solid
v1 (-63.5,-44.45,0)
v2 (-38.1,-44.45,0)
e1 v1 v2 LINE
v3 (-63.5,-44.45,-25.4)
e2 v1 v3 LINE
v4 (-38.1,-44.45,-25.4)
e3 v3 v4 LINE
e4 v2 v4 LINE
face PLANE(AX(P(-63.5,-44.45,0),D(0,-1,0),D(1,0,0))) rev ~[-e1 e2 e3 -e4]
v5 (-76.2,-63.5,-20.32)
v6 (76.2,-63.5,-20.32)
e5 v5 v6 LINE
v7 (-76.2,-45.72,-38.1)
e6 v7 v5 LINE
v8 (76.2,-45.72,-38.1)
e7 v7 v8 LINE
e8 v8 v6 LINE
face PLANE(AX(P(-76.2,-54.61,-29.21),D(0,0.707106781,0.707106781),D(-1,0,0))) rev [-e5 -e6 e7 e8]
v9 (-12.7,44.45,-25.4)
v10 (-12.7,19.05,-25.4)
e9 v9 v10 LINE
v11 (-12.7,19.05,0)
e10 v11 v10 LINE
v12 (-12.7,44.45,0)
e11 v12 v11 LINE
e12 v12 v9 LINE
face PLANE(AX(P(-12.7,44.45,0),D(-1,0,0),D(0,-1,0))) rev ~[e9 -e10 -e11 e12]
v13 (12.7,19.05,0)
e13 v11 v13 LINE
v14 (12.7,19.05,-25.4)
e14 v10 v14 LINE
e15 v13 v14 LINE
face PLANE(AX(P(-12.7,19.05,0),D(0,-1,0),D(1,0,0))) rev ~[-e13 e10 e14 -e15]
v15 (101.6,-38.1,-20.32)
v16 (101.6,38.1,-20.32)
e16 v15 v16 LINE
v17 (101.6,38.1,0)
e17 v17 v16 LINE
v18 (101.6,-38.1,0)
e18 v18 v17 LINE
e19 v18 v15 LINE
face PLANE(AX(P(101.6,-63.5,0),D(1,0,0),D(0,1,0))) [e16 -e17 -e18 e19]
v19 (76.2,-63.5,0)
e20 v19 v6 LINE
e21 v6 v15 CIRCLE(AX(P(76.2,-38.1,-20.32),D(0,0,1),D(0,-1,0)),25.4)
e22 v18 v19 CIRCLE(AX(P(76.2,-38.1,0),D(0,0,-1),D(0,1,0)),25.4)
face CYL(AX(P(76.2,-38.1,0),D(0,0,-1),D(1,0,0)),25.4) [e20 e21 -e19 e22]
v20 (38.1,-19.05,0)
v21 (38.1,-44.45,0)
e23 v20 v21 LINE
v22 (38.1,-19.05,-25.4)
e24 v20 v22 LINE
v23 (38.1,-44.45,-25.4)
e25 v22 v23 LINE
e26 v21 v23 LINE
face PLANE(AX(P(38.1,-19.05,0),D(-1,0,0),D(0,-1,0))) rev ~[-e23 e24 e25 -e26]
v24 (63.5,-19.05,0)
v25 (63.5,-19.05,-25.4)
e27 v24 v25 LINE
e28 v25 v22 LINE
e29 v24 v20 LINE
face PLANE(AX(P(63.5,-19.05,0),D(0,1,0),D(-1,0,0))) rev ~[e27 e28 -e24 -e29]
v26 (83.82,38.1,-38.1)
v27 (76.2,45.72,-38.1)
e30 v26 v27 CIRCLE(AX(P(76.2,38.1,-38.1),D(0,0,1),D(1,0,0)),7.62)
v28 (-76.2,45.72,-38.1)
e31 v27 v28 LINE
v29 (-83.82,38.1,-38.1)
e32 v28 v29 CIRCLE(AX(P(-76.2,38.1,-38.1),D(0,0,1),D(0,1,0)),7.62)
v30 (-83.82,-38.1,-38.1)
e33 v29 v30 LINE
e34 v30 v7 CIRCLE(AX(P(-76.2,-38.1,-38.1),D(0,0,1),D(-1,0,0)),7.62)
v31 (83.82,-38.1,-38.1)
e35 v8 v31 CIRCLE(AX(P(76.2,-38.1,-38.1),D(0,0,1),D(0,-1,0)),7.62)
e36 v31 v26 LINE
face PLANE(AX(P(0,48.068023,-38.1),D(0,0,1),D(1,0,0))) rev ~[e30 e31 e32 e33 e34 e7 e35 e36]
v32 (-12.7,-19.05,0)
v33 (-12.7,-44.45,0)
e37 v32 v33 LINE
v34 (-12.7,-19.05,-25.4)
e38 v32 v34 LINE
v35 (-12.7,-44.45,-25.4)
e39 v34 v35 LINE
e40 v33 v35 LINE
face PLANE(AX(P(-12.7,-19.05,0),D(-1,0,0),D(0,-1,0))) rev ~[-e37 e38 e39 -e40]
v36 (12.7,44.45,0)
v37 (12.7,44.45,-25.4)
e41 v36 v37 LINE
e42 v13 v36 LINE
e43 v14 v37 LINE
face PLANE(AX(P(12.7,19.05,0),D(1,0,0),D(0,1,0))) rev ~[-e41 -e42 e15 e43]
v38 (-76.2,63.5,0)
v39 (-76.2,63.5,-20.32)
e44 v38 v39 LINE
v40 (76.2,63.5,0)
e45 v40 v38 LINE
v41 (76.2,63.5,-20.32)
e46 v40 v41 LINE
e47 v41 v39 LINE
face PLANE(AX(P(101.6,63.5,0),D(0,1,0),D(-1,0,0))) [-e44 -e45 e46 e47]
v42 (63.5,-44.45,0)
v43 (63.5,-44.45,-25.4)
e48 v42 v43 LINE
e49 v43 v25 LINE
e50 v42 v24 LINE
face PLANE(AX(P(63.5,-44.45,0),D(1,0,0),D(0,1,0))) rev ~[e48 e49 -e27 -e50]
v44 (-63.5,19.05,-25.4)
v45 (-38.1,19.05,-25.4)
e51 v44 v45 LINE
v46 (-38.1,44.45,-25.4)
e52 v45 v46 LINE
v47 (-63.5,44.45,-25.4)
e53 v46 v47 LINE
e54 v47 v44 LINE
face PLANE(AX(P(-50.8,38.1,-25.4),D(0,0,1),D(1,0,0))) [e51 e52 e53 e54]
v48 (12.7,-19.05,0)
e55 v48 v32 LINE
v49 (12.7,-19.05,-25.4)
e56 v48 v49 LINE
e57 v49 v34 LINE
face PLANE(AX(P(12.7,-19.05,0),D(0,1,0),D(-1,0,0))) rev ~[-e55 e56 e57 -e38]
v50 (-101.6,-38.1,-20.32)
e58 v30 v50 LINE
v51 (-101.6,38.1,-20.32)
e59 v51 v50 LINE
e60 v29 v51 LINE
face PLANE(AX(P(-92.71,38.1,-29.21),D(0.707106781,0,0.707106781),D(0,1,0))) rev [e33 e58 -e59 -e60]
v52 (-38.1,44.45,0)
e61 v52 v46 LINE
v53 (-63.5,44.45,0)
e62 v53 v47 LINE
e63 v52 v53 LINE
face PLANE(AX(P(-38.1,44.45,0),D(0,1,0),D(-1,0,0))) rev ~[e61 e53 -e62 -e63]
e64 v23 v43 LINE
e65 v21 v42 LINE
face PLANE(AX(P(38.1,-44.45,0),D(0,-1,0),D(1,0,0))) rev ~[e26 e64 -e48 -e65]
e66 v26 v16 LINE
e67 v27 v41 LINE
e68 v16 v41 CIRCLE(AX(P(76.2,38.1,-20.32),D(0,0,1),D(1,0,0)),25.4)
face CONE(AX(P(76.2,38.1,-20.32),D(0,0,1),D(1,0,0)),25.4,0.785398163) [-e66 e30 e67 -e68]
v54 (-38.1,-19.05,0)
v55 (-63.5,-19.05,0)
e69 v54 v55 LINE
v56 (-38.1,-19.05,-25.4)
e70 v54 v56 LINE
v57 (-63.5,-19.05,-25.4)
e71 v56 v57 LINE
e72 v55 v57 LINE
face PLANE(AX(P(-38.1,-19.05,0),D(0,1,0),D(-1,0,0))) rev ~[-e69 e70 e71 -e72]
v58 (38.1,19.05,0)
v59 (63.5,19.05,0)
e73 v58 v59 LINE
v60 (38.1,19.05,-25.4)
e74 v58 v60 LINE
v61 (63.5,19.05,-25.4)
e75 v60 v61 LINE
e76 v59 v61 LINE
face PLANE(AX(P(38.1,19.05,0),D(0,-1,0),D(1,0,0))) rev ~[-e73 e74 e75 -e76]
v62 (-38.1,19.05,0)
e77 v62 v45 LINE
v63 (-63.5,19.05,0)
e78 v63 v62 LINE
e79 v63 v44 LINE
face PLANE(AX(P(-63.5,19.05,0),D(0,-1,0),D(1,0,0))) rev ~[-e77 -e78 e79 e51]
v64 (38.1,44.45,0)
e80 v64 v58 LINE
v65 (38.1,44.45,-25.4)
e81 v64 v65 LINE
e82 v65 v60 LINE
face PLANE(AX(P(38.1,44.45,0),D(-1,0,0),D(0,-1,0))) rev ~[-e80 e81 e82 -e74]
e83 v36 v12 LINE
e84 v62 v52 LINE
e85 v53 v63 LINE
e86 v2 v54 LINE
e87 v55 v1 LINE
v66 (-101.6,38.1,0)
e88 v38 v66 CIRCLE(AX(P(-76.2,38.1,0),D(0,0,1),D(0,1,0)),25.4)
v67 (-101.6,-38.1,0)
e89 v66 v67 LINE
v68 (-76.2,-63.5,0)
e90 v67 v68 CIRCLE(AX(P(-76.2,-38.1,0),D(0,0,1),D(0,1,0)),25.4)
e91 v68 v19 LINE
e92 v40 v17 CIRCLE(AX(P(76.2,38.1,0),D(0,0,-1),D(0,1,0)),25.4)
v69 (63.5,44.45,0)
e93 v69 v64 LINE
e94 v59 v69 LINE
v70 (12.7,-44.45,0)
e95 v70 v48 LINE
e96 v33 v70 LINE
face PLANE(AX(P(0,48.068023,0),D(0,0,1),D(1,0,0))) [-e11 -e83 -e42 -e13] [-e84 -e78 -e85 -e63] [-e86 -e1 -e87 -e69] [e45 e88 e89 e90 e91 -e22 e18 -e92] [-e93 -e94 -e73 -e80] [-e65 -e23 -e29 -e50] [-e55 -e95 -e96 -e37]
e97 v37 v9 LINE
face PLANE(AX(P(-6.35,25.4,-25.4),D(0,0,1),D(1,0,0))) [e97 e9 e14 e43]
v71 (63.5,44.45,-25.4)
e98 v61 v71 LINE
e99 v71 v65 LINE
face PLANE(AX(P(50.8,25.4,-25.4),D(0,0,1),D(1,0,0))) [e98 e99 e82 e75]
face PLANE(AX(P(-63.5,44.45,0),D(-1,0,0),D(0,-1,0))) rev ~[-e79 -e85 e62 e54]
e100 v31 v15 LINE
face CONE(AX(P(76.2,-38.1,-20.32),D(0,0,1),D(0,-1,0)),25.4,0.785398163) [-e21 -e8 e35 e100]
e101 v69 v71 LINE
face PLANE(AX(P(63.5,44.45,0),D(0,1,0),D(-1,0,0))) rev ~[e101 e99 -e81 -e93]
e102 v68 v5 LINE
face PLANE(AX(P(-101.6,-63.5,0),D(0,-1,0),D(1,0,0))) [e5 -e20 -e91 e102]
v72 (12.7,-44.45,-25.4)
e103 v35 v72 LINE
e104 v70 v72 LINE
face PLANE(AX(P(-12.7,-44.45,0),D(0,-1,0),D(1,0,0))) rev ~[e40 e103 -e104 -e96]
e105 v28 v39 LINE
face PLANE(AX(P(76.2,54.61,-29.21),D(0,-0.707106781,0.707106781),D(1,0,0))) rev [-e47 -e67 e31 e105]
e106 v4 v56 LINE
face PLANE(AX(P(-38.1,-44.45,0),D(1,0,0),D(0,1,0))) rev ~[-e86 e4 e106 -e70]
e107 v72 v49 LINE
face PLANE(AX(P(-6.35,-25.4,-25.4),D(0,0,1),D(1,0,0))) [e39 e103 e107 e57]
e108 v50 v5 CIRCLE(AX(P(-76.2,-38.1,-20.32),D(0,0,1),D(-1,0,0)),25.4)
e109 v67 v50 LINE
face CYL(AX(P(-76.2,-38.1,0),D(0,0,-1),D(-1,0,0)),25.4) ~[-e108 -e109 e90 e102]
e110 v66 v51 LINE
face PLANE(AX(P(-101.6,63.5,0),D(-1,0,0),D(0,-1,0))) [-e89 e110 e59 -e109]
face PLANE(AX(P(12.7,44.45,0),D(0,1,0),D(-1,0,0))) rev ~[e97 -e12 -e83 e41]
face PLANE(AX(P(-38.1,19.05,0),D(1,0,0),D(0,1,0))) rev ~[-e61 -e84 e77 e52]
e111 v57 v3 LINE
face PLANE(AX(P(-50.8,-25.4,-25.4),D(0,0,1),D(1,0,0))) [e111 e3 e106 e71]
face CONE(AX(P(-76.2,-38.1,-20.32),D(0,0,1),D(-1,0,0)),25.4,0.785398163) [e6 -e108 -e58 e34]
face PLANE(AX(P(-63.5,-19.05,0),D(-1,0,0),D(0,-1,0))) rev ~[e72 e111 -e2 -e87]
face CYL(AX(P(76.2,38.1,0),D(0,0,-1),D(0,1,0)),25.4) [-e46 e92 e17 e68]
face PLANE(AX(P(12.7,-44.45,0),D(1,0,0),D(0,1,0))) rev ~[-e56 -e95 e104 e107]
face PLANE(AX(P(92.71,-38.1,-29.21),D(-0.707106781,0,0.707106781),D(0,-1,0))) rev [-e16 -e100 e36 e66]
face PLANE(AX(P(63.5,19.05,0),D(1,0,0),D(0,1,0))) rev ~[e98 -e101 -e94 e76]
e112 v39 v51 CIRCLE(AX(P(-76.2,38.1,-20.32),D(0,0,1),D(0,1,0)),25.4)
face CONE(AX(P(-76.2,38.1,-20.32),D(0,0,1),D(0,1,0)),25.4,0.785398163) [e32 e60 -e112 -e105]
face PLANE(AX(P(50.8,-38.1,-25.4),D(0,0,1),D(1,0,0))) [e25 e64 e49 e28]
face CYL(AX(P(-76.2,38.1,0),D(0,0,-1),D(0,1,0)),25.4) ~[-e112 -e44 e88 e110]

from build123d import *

# Parameters (mm, degrees)
F0_W     = 12.7
F0_H     = 12.7
F1_DEPTH = 38.1
F2_DEPTH = 25.4
F3_R     = 25.4
F4_SIZE  = 17.78


with BuildPart() as f1:
    # F0 (on Top) → F1 (new body)
    with BuildSketch(Plane.XY):
        Polygon((101.6, 63.5), (-101.6, 63.5), (-101.6, 31.75), (-63.5, 31.75), (-63.5, 44.45), (-38.1, 44.45), (-38.1, 31.75), (-12.7, 31.75), (-12.7, 44.45), (12.7, 44.45), (12.7, 31.75), (38.1, 31.75), (38.1, 44.45), (63.5, 44.45), (63.5, 31.75), (101.6, 31.75), align=None)
        Polygon((-63.5, 31.75), (-101.6, 31.75), (-101.6, -31.75), (-63.5, -31.75), (-63.5, -19.05), (-38.1, -19.05), (-38.1, -31.75), (-12.7, -31.75), (-12.7, -19.05), (0, -19.05), (0, 0), (0, 19.05), (-12.7, 19.05), (-12.7, 31.75), (-38.1, 31.75), (-38.1, 19.05), (-63.5, 19.05), align=None)
        Polygon((101.6, -31.75), (101.6, 31.75), (63.5, 31.75), (63.5, 19.05), (38.1, 19.05), (38.1, 31.75), (12.7, 31.75), (12.7, 19.05), (0, 19.05), (0, 0), (0, -19.05), (12.7, -19.05), (12.7, -31.75), (38.1, -31.75), (38.1, -19.05), (63.5, -19.05), (63.5, -31.75), align=None)
        Polygon((-63.5, -31.75), (-101.6, -31.75), (-101.6, -63.5), (101.6, -63.5), (101.6, -31.75), (63.5, -31.75), (63.5, -44.45), (38.1, -44.45), (38.1, -31.75), (12.7, -31.75), (12.7, -44.45), (-12.7, -44.45), (-12.7, -31.75), (-38.1, -31.75), (-38.1, -44.45), (-63.5, -44.45), align=None)
        Polygon((-50.8, 31.75), (-63.5, 31.75), (-63.5, 19.05), (-38.1, 19.05), (-38.1, 31.75), align=None)
        Polygon((-63.5, 44.45), (-63.5, 31.75), (-50.8, 31.75), (-38.1, 31.75), (-38.1, 44.45), align=None)
        Polygon((-12.7, 44.45), (-12.7, 31.75), (0, 31.75), (12.7, 31.75), (12.7, 44.45), align=None)
        with Locations((-6.35, 25.4)):
            Rectangle(F0_W, F0_H)
        with Locations((6.35, 25.4)):
            Rectangle(F0_W, F0_H)
        Polygon((63.5, 19.05), (63.5, 31.75), (50.8, 31.75), (38.1, 31.75), (38.1, 19.05), align=None)
        Polygon((50.8, 31.75), (63.5, 31.75), (63.5, 44.45), (38.1, 44.45), (38.1, 31.75), align=None)
        Polygon((50.8, -31.75), (63.5, -31.75), (63.5, -19.05), (38.1, -19.05), (38.1, -31.75), align=None)
        Polygon((63.5, -44.45), (63.5, -31.75), (50.8, -31.75), (38.1, -31.75), (38.1, -44.45), align=None)
        Polygon((0, -31.75), (-12.7, -31.75), (-12.7, -44.45), (12.7, -44.45), (12.7, -31.75), align=None)
        with Locations((-6.35, -25.4)):
            Rectangle(F0_W, F0_H)
        with Locations((6.35, -25.4)):
            Rectangle(F0_W, F0_H)
        Polygon((-63.5, -19.05), (-63.5, -31.75), (-50.8, -31.75), (-38.1, -31.75), (-38.1, -19.05), align=None)
        Polygon((-50.8, -31.75), (-63.5, -31.75), (-63.5, -44.45), (-38.1, -44.45), (-38.1, -31.75), align=None)
    extrude(amount=-F1_DEPTH)

    # F0 (on Top) → F2 (cut)
    with BuildSketch(Plane.XY):
        Polygon((-63.5, 44.45), (-63.5, 31.75), (-50.8, 31.75), (-38.1, 31.75), (-38.1, 44.45), align=None)
        Polygon((-50.8, 31.75), (-63.5, 31.75), (-63.5, 19.05), (-38.1, 19.05), (-38.1, 31.75), align=None)
        Polygon((-63.5, -19.05), (-63.5, -31.75), (-50.8, -31.75), (-38.1, -31.75), (-38.1, -19.05), align=None)
        Polygon((-50.8, -31.75), (-63.5, -31.75), (-63.5, -44.45), (-38.1, -44.45), (-38.1, -31.75), align=None)
        with Locations((-6.35, -25.4)):
            Rectangle(F0_W, F0_H)
        with Locations((6.35, -25.4)):
            Rectangle(F0_W, F0_H)
        with Locations((-6.35, 25.4)):
            Rectangle(F0_W, F0_H)
        with Locations((6.35, 25.4)):
            Rectangle(F0_W, F0_H)
        Polygon((-12.7, 44.45), (-12.7, 31.75), (0, 31.75), (12.7, 31.75), (12.7, 44.45), align=None)
        Polygon((0, -31.75), (-12.7, -31.75), (-12.7, -44.45), (12.7, -44.45), (12.7, -31.75), align=None)
        Polygon((63.5, -44.45), (63.5, -31.75), (50.8, -31.75), (38.1, -31.75), (38.1, -44.45), align=None)
        Polygon((50.8, -31.75), (63.5, -31.75), (63.5, -19.05), (38.1, -19.05), (38.1, -31.75), align=None)
        Polygon((63.5, 19.05), (63.5, 31.75), (50.8, 31.75), (38.1, 31.75), (38.1, 19.05), align=None)
        Polygon((50.8, 31.75), (63.5, 31.75), (63.5, 44.45), (38.1, 44.45), (38.1, 31.75), align=None)
    extrude(amount=-F2_DEPTH, mode=Mode.SUBTRACT)

    # F3
    f3_edges = [f1.edges().sort_by_distance(p)[0] for p in [
        (-101.6, -63.5, -19.05),
        (101.6, -63.5, -19.05),
        (101.6, 63.5, -19.05),
        (-101.6, 63.5, -19.05),
    ]]
    fillet(f3_edges, radius=F3_R)

    # F4
    f4_edges = [f1.edges().sort_by_distance(p)[0] for p in [
        (0, -63.5, -38.1),
    ]]
    chamfer(f4_edges, length=F4_SIZE)


solid = f1.part
